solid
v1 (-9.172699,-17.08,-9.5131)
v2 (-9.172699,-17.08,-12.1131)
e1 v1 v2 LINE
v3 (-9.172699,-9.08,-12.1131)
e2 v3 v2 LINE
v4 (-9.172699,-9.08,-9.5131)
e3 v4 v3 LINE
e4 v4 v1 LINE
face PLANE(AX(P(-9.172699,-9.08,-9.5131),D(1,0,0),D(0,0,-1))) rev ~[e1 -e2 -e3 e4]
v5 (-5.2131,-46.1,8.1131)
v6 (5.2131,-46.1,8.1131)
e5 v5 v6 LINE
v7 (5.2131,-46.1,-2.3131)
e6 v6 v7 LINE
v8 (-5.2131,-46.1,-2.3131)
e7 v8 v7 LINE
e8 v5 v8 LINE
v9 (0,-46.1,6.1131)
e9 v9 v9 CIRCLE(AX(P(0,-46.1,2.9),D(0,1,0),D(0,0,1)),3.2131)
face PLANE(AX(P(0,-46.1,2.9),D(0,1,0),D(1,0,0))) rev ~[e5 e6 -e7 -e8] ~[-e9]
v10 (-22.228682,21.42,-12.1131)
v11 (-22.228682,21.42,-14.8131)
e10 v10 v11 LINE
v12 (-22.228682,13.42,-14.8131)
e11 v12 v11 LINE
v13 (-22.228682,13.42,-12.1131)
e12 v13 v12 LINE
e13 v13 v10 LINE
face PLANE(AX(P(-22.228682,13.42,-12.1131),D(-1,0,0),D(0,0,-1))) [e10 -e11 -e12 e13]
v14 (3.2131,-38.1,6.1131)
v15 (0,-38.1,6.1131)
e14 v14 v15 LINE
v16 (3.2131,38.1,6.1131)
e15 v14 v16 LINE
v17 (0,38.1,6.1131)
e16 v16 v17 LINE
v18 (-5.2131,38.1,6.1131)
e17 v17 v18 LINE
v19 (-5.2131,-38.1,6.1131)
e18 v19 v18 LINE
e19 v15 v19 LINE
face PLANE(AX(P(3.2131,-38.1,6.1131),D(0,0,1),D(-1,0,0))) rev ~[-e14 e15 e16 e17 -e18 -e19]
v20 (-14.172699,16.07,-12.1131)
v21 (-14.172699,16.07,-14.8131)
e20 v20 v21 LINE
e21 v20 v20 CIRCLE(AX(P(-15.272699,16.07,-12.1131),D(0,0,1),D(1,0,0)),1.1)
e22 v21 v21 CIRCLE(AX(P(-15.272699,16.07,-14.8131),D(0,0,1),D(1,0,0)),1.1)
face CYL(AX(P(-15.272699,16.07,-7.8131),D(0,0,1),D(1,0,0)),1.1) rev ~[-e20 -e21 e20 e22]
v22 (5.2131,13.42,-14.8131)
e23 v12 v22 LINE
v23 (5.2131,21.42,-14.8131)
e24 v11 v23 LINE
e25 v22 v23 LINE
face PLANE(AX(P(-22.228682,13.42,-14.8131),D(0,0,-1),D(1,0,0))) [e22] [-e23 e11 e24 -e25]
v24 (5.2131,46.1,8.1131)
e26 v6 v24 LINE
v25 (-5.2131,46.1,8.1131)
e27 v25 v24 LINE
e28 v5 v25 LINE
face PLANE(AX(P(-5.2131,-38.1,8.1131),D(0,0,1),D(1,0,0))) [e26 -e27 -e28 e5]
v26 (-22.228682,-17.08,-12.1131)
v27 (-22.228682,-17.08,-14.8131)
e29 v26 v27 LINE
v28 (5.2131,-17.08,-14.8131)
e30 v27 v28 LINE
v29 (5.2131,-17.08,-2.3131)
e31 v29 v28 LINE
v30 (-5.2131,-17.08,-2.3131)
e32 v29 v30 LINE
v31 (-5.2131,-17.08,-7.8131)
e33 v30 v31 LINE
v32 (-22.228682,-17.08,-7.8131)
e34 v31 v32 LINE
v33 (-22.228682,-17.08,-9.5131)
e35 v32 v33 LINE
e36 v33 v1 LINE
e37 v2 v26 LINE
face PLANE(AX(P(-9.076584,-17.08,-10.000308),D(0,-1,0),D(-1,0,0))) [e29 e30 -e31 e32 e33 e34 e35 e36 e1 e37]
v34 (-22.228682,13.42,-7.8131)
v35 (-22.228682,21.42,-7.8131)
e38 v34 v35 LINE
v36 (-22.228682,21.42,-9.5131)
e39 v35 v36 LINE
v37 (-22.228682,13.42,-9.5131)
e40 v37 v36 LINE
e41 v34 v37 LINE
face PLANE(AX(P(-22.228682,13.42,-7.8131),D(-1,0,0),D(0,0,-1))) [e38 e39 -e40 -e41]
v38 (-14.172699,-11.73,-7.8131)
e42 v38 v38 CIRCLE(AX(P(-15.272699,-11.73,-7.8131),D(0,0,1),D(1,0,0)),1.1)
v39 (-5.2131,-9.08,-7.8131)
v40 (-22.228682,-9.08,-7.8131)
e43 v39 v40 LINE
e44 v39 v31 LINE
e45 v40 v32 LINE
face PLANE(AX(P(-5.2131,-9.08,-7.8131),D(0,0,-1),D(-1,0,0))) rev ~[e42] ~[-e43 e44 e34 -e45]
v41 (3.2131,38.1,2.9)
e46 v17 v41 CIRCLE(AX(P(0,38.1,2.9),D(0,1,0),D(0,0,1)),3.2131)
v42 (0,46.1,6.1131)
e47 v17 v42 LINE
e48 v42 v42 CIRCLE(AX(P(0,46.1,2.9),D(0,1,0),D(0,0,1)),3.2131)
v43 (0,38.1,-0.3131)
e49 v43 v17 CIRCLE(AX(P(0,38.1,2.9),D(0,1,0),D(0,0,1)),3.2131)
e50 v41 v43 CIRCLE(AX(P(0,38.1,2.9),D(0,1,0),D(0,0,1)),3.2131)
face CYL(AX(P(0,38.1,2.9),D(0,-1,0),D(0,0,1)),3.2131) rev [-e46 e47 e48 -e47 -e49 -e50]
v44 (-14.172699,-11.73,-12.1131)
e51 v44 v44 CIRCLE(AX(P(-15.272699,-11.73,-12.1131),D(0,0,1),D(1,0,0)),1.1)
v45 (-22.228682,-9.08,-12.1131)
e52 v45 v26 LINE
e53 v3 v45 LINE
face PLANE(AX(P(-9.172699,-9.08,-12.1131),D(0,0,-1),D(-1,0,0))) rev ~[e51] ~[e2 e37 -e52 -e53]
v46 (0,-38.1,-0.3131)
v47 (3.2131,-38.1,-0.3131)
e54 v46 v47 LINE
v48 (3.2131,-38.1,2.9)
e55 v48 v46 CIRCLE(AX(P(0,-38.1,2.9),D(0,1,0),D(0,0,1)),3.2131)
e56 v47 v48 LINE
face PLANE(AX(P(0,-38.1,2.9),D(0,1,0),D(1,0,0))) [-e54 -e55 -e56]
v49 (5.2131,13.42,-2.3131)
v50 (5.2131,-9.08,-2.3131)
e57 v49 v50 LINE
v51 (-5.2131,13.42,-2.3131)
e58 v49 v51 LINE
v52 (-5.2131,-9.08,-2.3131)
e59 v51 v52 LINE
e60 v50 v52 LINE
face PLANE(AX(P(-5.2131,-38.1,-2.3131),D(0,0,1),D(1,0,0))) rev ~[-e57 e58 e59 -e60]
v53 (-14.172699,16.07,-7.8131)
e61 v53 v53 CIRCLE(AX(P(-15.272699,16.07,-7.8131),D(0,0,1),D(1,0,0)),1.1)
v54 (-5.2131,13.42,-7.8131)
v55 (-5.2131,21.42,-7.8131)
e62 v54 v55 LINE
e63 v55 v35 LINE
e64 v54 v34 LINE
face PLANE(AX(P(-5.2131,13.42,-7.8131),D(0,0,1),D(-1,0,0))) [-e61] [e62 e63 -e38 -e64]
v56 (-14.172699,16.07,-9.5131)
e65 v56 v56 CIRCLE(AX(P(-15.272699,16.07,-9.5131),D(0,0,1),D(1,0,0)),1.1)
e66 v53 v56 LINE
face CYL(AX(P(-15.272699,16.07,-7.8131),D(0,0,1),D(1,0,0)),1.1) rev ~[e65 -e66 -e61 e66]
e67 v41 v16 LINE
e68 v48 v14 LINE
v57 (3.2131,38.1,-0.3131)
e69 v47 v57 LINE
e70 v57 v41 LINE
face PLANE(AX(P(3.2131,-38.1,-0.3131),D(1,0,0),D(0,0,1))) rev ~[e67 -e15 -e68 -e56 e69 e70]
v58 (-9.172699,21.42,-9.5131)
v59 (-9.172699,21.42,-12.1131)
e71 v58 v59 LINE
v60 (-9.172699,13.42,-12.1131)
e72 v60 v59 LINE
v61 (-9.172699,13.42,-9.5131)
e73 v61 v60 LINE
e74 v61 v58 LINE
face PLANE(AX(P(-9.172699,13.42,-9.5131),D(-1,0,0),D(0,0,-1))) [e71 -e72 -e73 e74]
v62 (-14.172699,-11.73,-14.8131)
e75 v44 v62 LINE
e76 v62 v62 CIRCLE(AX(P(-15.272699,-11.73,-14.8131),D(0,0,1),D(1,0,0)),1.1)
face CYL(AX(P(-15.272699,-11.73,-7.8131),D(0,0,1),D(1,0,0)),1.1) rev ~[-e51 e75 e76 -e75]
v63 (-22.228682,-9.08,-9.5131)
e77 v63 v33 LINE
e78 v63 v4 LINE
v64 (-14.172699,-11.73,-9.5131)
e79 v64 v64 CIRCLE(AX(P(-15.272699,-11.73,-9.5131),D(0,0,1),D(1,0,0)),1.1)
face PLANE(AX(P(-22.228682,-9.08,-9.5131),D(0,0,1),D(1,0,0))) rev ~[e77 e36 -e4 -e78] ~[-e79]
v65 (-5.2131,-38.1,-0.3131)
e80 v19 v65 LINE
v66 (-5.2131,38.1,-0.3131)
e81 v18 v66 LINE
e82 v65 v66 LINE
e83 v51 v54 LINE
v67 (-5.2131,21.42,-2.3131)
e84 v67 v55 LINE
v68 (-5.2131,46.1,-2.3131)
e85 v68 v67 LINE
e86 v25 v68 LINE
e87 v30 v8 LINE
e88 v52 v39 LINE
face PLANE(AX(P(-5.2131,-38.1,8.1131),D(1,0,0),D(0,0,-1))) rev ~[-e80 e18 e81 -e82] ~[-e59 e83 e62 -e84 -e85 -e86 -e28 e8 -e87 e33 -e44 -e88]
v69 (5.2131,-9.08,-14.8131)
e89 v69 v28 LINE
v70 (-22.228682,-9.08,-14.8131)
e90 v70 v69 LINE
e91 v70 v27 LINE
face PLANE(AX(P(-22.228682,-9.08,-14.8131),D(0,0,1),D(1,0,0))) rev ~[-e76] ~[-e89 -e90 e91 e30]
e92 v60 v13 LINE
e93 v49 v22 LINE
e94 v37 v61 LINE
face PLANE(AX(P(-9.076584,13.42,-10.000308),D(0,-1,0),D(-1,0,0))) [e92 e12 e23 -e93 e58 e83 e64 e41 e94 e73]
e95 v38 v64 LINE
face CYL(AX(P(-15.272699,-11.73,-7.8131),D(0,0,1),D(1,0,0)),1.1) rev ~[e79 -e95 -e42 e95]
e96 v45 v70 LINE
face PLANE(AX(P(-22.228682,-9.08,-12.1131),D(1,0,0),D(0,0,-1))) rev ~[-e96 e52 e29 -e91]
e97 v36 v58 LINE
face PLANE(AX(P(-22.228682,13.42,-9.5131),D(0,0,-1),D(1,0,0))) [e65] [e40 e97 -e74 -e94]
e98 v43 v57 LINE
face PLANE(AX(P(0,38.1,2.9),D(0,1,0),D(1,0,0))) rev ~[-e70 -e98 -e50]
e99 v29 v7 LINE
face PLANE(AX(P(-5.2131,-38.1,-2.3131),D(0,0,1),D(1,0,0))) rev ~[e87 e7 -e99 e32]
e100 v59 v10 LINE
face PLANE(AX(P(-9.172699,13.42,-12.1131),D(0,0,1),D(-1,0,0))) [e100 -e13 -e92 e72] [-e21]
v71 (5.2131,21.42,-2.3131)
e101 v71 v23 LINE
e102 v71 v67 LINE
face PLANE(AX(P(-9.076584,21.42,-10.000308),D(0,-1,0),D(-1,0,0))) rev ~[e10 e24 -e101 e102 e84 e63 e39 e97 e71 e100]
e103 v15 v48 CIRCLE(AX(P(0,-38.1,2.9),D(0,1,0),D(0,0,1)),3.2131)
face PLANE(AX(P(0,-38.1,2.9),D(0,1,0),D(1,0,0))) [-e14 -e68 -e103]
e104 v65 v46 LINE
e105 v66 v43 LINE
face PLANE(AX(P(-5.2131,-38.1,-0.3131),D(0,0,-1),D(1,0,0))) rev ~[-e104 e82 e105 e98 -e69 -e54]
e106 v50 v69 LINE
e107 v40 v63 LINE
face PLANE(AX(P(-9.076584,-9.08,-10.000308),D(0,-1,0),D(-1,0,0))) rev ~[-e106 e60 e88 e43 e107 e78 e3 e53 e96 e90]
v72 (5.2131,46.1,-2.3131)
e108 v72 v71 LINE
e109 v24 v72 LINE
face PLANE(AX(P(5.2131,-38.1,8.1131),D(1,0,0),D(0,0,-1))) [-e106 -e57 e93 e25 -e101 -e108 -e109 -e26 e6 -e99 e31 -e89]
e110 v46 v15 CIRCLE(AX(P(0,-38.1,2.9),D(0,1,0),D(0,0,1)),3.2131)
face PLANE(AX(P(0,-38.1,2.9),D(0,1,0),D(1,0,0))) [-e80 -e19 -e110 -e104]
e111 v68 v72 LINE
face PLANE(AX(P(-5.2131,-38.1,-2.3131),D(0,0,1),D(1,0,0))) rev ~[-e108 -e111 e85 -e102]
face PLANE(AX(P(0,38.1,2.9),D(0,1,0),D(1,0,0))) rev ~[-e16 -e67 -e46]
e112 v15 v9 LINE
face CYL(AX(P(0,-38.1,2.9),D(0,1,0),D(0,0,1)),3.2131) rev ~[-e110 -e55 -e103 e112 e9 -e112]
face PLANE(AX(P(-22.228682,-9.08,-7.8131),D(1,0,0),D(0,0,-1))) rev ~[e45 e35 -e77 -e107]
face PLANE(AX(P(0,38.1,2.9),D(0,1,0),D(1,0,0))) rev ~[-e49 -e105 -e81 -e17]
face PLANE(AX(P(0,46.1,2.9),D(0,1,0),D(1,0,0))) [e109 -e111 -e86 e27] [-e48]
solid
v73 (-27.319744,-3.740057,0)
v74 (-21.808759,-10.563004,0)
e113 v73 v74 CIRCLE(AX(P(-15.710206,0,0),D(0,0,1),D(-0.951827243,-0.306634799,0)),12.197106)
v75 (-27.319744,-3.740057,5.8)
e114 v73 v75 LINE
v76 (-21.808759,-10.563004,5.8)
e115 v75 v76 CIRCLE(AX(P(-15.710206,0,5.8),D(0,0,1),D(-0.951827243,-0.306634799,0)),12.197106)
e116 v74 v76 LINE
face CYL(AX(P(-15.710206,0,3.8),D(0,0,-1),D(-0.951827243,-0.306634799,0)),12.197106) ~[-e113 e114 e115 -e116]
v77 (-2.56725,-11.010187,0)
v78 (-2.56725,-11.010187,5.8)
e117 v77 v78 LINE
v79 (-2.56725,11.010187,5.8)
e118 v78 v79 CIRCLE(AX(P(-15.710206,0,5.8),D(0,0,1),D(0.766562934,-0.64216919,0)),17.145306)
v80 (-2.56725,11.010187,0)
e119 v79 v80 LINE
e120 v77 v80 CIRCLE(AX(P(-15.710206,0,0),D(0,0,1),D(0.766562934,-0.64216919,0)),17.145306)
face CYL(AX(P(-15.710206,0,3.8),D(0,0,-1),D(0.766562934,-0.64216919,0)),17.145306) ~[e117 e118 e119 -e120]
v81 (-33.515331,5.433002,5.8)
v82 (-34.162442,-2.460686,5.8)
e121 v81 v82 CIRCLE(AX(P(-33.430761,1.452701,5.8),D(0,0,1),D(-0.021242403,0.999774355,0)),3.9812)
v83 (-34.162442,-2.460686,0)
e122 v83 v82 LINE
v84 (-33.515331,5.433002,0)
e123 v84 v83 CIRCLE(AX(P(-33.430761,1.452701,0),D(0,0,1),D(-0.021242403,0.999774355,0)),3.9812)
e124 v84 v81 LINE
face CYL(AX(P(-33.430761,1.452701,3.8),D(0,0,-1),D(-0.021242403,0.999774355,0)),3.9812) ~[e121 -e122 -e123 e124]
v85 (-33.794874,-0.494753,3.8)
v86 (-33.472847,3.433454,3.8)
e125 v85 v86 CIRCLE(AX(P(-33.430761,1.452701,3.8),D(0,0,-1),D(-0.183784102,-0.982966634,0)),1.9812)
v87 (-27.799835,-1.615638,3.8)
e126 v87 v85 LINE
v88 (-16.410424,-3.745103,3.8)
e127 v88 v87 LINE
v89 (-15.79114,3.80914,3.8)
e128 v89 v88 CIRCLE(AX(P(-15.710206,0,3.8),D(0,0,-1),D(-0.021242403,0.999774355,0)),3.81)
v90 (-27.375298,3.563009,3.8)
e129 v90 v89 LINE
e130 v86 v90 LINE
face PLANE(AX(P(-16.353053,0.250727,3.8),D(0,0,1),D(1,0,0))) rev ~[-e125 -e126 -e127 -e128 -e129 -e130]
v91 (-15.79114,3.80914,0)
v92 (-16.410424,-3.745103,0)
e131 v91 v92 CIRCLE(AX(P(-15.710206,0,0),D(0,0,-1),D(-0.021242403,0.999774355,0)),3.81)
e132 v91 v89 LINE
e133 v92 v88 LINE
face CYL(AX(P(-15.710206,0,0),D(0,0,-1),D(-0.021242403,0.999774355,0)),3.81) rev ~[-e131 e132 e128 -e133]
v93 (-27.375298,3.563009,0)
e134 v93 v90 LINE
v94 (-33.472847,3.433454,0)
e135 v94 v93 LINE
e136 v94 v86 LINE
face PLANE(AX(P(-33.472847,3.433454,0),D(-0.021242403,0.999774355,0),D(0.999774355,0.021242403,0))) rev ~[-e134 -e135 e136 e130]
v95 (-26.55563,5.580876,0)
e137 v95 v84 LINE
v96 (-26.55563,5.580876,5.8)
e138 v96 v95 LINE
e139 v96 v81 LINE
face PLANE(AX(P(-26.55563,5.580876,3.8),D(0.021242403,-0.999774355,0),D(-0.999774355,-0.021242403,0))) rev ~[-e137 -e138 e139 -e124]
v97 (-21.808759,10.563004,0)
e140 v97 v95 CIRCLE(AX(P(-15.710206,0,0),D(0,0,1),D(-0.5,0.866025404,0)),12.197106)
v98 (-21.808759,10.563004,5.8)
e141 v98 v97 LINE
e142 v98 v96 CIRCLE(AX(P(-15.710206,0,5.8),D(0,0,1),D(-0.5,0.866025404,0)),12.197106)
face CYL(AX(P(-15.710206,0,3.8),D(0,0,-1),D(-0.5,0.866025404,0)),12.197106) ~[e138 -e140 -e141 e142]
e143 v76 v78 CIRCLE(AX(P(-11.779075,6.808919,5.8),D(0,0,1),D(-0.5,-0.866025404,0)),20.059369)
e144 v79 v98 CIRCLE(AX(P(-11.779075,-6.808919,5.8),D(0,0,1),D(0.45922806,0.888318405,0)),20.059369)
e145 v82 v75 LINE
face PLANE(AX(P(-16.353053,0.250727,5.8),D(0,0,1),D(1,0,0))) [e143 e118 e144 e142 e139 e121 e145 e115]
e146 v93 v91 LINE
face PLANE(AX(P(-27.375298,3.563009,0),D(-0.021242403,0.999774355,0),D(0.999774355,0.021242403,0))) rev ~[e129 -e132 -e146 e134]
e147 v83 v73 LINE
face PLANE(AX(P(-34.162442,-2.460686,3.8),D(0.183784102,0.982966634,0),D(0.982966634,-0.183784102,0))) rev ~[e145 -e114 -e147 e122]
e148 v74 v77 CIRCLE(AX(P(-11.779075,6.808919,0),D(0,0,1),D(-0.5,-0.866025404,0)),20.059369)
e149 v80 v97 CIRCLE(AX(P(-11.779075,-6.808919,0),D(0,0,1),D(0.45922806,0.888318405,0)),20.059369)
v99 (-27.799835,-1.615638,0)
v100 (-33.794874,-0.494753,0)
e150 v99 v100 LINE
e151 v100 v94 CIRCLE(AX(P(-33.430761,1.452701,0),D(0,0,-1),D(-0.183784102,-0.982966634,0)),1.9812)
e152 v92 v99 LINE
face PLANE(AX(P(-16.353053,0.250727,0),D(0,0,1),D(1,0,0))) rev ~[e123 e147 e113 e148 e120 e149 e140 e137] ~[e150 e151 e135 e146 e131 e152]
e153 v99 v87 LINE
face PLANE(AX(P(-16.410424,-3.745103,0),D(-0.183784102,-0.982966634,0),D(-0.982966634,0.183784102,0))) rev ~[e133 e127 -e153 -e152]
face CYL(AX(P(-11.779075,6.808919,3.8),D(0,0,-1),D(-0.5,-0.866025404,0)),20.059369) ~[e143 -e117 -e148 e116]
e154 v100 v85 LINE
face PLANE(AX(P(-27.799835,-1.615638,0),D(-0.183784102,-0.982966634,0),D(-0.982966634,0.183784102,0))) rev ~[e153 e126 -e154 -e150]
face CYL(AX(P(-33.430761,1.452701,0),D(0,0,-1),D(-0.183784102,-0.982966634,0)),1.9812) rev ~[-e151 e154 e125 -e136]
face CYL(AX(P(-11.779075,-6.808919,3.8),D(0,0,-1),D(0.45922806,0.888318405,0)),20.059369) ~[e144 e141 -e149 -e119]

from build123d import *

# Parameters (mm, degrees)
BOSS_EXTRUDE1_DEPTH      = 3.800000096
BOSS_EXTRUDE2_DEPTH      = 2
BOSS_EXTRUDE3_DEPTH      = 38.1
BOSS_EXTRUDE3_DEPTH_BACK = 38.1
BOSS_EXTRUDE4_START      = 38.1
SKETCH11_W               = 10.4262
SKETCH11_H               = 10.4262
SKETCH11_R               = 3.2131
BOSS_EXTRUDE4_DEPTH      = 8
BOSS_EXTRUDE5_START      = -38.1
SKETCH11_2_W             = 10.4262
SKETCH11_2_H             = 10.4262
SKETCH11_2_R             = 3.2131
BOSS_EXTRUDE5_DEPTH      = 8
BOSS_EXTRUDE6_DEPTH      = 8
BOSS_EXTRUDE7_DEPTH      = 8
SKETCH15_R               = 1.1
CUT_EXTRUDE1_DEPTH       = 8


with BuildPart() as part:
    # Sketch7 → Boss-Extrude1 (new body)
    with BuildSketch(Plane.XY):
        with BuildLine():
            ThreePointArc((-33.515331309, 5.433002286), (-37.398650401, 1.777981375), (-34.162442321, -2.460686138))
            Line((-34.162442321, -2.460686138), (-27.319744353, -3.740057236))
            ThreePointArc((-27.319744353, -3.740057236), (-25.198740105, -7.664015147), (-21.808759445, -10.563003905))
            ThreePointArc((-21.808759445, -10.563003905), (-12.24514023, -13.245034669), (-2.567249995, -11.010187448))
            ThreePointArc((-2.567249995, -11.010187448), (1.4351, 0), (-2.567249995, 11.010187448))
            ThreePointArc((-2.567249995, 11.010187448), (-12.24514023, 13.245034669), (-21.808759445, 10.563003905))
            ThreePointArc((-21.808759445, 10.563003905), (-24.540834155, 8.413644492), (-26.555630229, 5.58087643))
            Line((-26.555630229, 5.58087643), (-33.515331309, 5.433002286))
        make_face()
        with BuildLine():
            Line((-27.37529807, 3.563009393), (-15.791139853, 3.809140291))
            ThreePointArc((-15.791139853, 3.809140291), (-11.912944563, -0.311292991), (-16.410423725, -3.745102876))
            Line((-16.410423725, -3.745102876), (-27.799834704, -1.615638256))
            Line((-27.799834704, -1.615638256), (-33.794874116, -0.49475287))
            ThreePointArc((-33.794874116, -0.49475287), (-35.405337155, 1.614572981), (-33.472846503, 3.433453577))
            Line((-33.472846503, 3.433453577), (-27.37529807, 3.563009393))
        make_face(mode=Mode.SUBTRACT)
    extrude(amount=BOSS_EXTRUDE1_DEPTH)

    # Sketch8 → Boss-Extrude2 (add)
    with BuildSketch(Plane.XY.offset(3.800000096)):
        with BuildLine():
            Line((-26.555630229, 5.58087643), (-33.515331309, 5.433002286))
            ThreePointArc((-33.515331309, 5.433002286), (-37.398650401, 1.777981375), (-34.162442321, -2.460686138))
            Line((-34.162442321, -2.460686138), (-27.319744353, -3.740057236))
            ThreePointArc((-27.319744353, -3.740057236), (-25.198740105, -7.664015147), (-21.808759445, -10.563003905))
            ThreePointArc((-21.808759445, -10.563003905), (-12.24514023, -13.245034669), (-2.567249995, -11.010187448))
            ThreePointArc((-2.567249995, -11.010187448), (1.4351, 0), (-2.567249995, 11.010187448))
            ThreePointArc((-2.567249995, 11.010187448), (-12.24514023, 13.245034669), (-21.808759445, 10.563003905))
            ThreePointArc((-21.808759445, 10.563003905), (-24.540834155, 8.413644492), (-26.555630229, 5.58087643))
        make_face()
    extrude(amount=BOSS_EXTRUDE2_DEPTH)


with BuildPart() as body_2:
    # Sketch10 → Boss-Extrude3 (new, two sides: drawn at the far end of the back side and taken through both)
    with BuildSketch(Plane(origin=(0, 0, 0), x_dir=(1, 0, 0), z_dir=(0, 1, 0)).offset(-BOSS_EXTRUDE3_DEPTH_BACK)):
        Polygon((-5.2131, -6.113100048), (-5.2131, -8.113100048), (5.2131, -8.113100048), (5.2131, 2.313099952), (-5.2131, 2.313099952), (-5.2131, 0.313099952), (0, 0.313099952), (3.2131, 0.313099952), (3.2131, -2.900000048), (3.2131, -6.113100048), (0, -6.113100048), align=None)
    extrude(amount=BOSS_EXTRUDE3_DEPTH + BOSS_EXTRUDE3_DEPTH_BACK)

    # Sketch11 → Boss-Extrude4 (add)
    with BuildSketch(Plane(origin=(0, 0, 0), x_dir=(1, 0, 0), z_dir=(0, 1, 0)).offset(BOSS_EXTRUDE4_START)):
        with Locations((0, -2.900000048)):
            Rectangle(SKETCH11_W, SKETCH11_H)
        with Locations(Location((0, -2.900000048, 0), (0, 0, 270))):
            Circle(SKETCH11_R, mode=Mode.SUBTRACT)
    extrude(amount=BOSS_EXTRUDE4_DEPTH)

    # Sketch11<2> → Boss-Extrude5 (add)
    with BuildSketch(Plane(origin=(0, 0, 0), x_dir=(1, 0, 0), z_dir=(0, 1, 0)).offset(BOSS_EXTRUDE5_START)):
        with Locations((0, -2.900000048)):
            Rectangle(SKETCH11_2_W, SKETCH11_2_H)
        with Locations(Location((0, -2.900000048, 0), (0, 0, 270))):
            Circle(SKETCH11_2_R, mode=Mode.SUBTRACT)
    extrude(amount=-BOSS_EXTRUDE5_DEPTH)

    # Sketch13 → Boss-Extrude6 (add)
    with BuildSketch(Plane(origin=(0, -9.08, 0), x_dir=(1, 0, 0), z_dir=(0, 1, 0))):
        Polygon((-22.228682365, 9.513099952), (-9.172698806, 9.513099952), (-9.172698806, 12.113099952), (-22.228682365, 12.113099952), (-22.228682365, 14.813099952), (5.2131, 14.813099952), (5.2131, 7.813099952), (5.2131, 2.313099952), (-5.2131, 2.313099952), (-5.2131, 7.813099952), (-22.228682365, 7.813099952), align=None)
    extrude(amount=-BOSS_EXTRUDE6_DEPTH)

    # Sketch14 → Boss-Extrude7 (add)
    with BuildSketch(Plane(origin=(0, 13.42, 0), x_dir=(1, 0, 0), z_dir=(0, 1, 0))):
        Polygon((-22.228682365, 9.513099952), (-9.172698806, 9.513099952), (-9.172698806, 12.113099952), (-22.228682365, 12.113099952), (-22.228682365, 14.813099952), (5.2131, 14.813099952), (5.2131, 7.813099952), (5.2131, 2.313099952), (-5.2131, 2.313099952), (-5.2131, 7.813099952), (-22.228682365, 7.813099952), align=None)
    extrude(amount=BOSS_EXTRUDE7_DEPTH)

    # Sketch15 → Cut-Extrude1 (cut)
    with BuildSketch(Plane.XY.offset(-7.813099952)):
        with Locations((-15.272698806, 16.07)):
            Circle(SKETCH15_R)
        with Locations((-15.272698806, -11.73)):
            Circle(SKETCH15_R)
    extrude(amount=-CUT_EXTRUDE1_DEPTH, mode=Mode.SUBTRACT)


solid = Compound([part.part, body_2.part])
